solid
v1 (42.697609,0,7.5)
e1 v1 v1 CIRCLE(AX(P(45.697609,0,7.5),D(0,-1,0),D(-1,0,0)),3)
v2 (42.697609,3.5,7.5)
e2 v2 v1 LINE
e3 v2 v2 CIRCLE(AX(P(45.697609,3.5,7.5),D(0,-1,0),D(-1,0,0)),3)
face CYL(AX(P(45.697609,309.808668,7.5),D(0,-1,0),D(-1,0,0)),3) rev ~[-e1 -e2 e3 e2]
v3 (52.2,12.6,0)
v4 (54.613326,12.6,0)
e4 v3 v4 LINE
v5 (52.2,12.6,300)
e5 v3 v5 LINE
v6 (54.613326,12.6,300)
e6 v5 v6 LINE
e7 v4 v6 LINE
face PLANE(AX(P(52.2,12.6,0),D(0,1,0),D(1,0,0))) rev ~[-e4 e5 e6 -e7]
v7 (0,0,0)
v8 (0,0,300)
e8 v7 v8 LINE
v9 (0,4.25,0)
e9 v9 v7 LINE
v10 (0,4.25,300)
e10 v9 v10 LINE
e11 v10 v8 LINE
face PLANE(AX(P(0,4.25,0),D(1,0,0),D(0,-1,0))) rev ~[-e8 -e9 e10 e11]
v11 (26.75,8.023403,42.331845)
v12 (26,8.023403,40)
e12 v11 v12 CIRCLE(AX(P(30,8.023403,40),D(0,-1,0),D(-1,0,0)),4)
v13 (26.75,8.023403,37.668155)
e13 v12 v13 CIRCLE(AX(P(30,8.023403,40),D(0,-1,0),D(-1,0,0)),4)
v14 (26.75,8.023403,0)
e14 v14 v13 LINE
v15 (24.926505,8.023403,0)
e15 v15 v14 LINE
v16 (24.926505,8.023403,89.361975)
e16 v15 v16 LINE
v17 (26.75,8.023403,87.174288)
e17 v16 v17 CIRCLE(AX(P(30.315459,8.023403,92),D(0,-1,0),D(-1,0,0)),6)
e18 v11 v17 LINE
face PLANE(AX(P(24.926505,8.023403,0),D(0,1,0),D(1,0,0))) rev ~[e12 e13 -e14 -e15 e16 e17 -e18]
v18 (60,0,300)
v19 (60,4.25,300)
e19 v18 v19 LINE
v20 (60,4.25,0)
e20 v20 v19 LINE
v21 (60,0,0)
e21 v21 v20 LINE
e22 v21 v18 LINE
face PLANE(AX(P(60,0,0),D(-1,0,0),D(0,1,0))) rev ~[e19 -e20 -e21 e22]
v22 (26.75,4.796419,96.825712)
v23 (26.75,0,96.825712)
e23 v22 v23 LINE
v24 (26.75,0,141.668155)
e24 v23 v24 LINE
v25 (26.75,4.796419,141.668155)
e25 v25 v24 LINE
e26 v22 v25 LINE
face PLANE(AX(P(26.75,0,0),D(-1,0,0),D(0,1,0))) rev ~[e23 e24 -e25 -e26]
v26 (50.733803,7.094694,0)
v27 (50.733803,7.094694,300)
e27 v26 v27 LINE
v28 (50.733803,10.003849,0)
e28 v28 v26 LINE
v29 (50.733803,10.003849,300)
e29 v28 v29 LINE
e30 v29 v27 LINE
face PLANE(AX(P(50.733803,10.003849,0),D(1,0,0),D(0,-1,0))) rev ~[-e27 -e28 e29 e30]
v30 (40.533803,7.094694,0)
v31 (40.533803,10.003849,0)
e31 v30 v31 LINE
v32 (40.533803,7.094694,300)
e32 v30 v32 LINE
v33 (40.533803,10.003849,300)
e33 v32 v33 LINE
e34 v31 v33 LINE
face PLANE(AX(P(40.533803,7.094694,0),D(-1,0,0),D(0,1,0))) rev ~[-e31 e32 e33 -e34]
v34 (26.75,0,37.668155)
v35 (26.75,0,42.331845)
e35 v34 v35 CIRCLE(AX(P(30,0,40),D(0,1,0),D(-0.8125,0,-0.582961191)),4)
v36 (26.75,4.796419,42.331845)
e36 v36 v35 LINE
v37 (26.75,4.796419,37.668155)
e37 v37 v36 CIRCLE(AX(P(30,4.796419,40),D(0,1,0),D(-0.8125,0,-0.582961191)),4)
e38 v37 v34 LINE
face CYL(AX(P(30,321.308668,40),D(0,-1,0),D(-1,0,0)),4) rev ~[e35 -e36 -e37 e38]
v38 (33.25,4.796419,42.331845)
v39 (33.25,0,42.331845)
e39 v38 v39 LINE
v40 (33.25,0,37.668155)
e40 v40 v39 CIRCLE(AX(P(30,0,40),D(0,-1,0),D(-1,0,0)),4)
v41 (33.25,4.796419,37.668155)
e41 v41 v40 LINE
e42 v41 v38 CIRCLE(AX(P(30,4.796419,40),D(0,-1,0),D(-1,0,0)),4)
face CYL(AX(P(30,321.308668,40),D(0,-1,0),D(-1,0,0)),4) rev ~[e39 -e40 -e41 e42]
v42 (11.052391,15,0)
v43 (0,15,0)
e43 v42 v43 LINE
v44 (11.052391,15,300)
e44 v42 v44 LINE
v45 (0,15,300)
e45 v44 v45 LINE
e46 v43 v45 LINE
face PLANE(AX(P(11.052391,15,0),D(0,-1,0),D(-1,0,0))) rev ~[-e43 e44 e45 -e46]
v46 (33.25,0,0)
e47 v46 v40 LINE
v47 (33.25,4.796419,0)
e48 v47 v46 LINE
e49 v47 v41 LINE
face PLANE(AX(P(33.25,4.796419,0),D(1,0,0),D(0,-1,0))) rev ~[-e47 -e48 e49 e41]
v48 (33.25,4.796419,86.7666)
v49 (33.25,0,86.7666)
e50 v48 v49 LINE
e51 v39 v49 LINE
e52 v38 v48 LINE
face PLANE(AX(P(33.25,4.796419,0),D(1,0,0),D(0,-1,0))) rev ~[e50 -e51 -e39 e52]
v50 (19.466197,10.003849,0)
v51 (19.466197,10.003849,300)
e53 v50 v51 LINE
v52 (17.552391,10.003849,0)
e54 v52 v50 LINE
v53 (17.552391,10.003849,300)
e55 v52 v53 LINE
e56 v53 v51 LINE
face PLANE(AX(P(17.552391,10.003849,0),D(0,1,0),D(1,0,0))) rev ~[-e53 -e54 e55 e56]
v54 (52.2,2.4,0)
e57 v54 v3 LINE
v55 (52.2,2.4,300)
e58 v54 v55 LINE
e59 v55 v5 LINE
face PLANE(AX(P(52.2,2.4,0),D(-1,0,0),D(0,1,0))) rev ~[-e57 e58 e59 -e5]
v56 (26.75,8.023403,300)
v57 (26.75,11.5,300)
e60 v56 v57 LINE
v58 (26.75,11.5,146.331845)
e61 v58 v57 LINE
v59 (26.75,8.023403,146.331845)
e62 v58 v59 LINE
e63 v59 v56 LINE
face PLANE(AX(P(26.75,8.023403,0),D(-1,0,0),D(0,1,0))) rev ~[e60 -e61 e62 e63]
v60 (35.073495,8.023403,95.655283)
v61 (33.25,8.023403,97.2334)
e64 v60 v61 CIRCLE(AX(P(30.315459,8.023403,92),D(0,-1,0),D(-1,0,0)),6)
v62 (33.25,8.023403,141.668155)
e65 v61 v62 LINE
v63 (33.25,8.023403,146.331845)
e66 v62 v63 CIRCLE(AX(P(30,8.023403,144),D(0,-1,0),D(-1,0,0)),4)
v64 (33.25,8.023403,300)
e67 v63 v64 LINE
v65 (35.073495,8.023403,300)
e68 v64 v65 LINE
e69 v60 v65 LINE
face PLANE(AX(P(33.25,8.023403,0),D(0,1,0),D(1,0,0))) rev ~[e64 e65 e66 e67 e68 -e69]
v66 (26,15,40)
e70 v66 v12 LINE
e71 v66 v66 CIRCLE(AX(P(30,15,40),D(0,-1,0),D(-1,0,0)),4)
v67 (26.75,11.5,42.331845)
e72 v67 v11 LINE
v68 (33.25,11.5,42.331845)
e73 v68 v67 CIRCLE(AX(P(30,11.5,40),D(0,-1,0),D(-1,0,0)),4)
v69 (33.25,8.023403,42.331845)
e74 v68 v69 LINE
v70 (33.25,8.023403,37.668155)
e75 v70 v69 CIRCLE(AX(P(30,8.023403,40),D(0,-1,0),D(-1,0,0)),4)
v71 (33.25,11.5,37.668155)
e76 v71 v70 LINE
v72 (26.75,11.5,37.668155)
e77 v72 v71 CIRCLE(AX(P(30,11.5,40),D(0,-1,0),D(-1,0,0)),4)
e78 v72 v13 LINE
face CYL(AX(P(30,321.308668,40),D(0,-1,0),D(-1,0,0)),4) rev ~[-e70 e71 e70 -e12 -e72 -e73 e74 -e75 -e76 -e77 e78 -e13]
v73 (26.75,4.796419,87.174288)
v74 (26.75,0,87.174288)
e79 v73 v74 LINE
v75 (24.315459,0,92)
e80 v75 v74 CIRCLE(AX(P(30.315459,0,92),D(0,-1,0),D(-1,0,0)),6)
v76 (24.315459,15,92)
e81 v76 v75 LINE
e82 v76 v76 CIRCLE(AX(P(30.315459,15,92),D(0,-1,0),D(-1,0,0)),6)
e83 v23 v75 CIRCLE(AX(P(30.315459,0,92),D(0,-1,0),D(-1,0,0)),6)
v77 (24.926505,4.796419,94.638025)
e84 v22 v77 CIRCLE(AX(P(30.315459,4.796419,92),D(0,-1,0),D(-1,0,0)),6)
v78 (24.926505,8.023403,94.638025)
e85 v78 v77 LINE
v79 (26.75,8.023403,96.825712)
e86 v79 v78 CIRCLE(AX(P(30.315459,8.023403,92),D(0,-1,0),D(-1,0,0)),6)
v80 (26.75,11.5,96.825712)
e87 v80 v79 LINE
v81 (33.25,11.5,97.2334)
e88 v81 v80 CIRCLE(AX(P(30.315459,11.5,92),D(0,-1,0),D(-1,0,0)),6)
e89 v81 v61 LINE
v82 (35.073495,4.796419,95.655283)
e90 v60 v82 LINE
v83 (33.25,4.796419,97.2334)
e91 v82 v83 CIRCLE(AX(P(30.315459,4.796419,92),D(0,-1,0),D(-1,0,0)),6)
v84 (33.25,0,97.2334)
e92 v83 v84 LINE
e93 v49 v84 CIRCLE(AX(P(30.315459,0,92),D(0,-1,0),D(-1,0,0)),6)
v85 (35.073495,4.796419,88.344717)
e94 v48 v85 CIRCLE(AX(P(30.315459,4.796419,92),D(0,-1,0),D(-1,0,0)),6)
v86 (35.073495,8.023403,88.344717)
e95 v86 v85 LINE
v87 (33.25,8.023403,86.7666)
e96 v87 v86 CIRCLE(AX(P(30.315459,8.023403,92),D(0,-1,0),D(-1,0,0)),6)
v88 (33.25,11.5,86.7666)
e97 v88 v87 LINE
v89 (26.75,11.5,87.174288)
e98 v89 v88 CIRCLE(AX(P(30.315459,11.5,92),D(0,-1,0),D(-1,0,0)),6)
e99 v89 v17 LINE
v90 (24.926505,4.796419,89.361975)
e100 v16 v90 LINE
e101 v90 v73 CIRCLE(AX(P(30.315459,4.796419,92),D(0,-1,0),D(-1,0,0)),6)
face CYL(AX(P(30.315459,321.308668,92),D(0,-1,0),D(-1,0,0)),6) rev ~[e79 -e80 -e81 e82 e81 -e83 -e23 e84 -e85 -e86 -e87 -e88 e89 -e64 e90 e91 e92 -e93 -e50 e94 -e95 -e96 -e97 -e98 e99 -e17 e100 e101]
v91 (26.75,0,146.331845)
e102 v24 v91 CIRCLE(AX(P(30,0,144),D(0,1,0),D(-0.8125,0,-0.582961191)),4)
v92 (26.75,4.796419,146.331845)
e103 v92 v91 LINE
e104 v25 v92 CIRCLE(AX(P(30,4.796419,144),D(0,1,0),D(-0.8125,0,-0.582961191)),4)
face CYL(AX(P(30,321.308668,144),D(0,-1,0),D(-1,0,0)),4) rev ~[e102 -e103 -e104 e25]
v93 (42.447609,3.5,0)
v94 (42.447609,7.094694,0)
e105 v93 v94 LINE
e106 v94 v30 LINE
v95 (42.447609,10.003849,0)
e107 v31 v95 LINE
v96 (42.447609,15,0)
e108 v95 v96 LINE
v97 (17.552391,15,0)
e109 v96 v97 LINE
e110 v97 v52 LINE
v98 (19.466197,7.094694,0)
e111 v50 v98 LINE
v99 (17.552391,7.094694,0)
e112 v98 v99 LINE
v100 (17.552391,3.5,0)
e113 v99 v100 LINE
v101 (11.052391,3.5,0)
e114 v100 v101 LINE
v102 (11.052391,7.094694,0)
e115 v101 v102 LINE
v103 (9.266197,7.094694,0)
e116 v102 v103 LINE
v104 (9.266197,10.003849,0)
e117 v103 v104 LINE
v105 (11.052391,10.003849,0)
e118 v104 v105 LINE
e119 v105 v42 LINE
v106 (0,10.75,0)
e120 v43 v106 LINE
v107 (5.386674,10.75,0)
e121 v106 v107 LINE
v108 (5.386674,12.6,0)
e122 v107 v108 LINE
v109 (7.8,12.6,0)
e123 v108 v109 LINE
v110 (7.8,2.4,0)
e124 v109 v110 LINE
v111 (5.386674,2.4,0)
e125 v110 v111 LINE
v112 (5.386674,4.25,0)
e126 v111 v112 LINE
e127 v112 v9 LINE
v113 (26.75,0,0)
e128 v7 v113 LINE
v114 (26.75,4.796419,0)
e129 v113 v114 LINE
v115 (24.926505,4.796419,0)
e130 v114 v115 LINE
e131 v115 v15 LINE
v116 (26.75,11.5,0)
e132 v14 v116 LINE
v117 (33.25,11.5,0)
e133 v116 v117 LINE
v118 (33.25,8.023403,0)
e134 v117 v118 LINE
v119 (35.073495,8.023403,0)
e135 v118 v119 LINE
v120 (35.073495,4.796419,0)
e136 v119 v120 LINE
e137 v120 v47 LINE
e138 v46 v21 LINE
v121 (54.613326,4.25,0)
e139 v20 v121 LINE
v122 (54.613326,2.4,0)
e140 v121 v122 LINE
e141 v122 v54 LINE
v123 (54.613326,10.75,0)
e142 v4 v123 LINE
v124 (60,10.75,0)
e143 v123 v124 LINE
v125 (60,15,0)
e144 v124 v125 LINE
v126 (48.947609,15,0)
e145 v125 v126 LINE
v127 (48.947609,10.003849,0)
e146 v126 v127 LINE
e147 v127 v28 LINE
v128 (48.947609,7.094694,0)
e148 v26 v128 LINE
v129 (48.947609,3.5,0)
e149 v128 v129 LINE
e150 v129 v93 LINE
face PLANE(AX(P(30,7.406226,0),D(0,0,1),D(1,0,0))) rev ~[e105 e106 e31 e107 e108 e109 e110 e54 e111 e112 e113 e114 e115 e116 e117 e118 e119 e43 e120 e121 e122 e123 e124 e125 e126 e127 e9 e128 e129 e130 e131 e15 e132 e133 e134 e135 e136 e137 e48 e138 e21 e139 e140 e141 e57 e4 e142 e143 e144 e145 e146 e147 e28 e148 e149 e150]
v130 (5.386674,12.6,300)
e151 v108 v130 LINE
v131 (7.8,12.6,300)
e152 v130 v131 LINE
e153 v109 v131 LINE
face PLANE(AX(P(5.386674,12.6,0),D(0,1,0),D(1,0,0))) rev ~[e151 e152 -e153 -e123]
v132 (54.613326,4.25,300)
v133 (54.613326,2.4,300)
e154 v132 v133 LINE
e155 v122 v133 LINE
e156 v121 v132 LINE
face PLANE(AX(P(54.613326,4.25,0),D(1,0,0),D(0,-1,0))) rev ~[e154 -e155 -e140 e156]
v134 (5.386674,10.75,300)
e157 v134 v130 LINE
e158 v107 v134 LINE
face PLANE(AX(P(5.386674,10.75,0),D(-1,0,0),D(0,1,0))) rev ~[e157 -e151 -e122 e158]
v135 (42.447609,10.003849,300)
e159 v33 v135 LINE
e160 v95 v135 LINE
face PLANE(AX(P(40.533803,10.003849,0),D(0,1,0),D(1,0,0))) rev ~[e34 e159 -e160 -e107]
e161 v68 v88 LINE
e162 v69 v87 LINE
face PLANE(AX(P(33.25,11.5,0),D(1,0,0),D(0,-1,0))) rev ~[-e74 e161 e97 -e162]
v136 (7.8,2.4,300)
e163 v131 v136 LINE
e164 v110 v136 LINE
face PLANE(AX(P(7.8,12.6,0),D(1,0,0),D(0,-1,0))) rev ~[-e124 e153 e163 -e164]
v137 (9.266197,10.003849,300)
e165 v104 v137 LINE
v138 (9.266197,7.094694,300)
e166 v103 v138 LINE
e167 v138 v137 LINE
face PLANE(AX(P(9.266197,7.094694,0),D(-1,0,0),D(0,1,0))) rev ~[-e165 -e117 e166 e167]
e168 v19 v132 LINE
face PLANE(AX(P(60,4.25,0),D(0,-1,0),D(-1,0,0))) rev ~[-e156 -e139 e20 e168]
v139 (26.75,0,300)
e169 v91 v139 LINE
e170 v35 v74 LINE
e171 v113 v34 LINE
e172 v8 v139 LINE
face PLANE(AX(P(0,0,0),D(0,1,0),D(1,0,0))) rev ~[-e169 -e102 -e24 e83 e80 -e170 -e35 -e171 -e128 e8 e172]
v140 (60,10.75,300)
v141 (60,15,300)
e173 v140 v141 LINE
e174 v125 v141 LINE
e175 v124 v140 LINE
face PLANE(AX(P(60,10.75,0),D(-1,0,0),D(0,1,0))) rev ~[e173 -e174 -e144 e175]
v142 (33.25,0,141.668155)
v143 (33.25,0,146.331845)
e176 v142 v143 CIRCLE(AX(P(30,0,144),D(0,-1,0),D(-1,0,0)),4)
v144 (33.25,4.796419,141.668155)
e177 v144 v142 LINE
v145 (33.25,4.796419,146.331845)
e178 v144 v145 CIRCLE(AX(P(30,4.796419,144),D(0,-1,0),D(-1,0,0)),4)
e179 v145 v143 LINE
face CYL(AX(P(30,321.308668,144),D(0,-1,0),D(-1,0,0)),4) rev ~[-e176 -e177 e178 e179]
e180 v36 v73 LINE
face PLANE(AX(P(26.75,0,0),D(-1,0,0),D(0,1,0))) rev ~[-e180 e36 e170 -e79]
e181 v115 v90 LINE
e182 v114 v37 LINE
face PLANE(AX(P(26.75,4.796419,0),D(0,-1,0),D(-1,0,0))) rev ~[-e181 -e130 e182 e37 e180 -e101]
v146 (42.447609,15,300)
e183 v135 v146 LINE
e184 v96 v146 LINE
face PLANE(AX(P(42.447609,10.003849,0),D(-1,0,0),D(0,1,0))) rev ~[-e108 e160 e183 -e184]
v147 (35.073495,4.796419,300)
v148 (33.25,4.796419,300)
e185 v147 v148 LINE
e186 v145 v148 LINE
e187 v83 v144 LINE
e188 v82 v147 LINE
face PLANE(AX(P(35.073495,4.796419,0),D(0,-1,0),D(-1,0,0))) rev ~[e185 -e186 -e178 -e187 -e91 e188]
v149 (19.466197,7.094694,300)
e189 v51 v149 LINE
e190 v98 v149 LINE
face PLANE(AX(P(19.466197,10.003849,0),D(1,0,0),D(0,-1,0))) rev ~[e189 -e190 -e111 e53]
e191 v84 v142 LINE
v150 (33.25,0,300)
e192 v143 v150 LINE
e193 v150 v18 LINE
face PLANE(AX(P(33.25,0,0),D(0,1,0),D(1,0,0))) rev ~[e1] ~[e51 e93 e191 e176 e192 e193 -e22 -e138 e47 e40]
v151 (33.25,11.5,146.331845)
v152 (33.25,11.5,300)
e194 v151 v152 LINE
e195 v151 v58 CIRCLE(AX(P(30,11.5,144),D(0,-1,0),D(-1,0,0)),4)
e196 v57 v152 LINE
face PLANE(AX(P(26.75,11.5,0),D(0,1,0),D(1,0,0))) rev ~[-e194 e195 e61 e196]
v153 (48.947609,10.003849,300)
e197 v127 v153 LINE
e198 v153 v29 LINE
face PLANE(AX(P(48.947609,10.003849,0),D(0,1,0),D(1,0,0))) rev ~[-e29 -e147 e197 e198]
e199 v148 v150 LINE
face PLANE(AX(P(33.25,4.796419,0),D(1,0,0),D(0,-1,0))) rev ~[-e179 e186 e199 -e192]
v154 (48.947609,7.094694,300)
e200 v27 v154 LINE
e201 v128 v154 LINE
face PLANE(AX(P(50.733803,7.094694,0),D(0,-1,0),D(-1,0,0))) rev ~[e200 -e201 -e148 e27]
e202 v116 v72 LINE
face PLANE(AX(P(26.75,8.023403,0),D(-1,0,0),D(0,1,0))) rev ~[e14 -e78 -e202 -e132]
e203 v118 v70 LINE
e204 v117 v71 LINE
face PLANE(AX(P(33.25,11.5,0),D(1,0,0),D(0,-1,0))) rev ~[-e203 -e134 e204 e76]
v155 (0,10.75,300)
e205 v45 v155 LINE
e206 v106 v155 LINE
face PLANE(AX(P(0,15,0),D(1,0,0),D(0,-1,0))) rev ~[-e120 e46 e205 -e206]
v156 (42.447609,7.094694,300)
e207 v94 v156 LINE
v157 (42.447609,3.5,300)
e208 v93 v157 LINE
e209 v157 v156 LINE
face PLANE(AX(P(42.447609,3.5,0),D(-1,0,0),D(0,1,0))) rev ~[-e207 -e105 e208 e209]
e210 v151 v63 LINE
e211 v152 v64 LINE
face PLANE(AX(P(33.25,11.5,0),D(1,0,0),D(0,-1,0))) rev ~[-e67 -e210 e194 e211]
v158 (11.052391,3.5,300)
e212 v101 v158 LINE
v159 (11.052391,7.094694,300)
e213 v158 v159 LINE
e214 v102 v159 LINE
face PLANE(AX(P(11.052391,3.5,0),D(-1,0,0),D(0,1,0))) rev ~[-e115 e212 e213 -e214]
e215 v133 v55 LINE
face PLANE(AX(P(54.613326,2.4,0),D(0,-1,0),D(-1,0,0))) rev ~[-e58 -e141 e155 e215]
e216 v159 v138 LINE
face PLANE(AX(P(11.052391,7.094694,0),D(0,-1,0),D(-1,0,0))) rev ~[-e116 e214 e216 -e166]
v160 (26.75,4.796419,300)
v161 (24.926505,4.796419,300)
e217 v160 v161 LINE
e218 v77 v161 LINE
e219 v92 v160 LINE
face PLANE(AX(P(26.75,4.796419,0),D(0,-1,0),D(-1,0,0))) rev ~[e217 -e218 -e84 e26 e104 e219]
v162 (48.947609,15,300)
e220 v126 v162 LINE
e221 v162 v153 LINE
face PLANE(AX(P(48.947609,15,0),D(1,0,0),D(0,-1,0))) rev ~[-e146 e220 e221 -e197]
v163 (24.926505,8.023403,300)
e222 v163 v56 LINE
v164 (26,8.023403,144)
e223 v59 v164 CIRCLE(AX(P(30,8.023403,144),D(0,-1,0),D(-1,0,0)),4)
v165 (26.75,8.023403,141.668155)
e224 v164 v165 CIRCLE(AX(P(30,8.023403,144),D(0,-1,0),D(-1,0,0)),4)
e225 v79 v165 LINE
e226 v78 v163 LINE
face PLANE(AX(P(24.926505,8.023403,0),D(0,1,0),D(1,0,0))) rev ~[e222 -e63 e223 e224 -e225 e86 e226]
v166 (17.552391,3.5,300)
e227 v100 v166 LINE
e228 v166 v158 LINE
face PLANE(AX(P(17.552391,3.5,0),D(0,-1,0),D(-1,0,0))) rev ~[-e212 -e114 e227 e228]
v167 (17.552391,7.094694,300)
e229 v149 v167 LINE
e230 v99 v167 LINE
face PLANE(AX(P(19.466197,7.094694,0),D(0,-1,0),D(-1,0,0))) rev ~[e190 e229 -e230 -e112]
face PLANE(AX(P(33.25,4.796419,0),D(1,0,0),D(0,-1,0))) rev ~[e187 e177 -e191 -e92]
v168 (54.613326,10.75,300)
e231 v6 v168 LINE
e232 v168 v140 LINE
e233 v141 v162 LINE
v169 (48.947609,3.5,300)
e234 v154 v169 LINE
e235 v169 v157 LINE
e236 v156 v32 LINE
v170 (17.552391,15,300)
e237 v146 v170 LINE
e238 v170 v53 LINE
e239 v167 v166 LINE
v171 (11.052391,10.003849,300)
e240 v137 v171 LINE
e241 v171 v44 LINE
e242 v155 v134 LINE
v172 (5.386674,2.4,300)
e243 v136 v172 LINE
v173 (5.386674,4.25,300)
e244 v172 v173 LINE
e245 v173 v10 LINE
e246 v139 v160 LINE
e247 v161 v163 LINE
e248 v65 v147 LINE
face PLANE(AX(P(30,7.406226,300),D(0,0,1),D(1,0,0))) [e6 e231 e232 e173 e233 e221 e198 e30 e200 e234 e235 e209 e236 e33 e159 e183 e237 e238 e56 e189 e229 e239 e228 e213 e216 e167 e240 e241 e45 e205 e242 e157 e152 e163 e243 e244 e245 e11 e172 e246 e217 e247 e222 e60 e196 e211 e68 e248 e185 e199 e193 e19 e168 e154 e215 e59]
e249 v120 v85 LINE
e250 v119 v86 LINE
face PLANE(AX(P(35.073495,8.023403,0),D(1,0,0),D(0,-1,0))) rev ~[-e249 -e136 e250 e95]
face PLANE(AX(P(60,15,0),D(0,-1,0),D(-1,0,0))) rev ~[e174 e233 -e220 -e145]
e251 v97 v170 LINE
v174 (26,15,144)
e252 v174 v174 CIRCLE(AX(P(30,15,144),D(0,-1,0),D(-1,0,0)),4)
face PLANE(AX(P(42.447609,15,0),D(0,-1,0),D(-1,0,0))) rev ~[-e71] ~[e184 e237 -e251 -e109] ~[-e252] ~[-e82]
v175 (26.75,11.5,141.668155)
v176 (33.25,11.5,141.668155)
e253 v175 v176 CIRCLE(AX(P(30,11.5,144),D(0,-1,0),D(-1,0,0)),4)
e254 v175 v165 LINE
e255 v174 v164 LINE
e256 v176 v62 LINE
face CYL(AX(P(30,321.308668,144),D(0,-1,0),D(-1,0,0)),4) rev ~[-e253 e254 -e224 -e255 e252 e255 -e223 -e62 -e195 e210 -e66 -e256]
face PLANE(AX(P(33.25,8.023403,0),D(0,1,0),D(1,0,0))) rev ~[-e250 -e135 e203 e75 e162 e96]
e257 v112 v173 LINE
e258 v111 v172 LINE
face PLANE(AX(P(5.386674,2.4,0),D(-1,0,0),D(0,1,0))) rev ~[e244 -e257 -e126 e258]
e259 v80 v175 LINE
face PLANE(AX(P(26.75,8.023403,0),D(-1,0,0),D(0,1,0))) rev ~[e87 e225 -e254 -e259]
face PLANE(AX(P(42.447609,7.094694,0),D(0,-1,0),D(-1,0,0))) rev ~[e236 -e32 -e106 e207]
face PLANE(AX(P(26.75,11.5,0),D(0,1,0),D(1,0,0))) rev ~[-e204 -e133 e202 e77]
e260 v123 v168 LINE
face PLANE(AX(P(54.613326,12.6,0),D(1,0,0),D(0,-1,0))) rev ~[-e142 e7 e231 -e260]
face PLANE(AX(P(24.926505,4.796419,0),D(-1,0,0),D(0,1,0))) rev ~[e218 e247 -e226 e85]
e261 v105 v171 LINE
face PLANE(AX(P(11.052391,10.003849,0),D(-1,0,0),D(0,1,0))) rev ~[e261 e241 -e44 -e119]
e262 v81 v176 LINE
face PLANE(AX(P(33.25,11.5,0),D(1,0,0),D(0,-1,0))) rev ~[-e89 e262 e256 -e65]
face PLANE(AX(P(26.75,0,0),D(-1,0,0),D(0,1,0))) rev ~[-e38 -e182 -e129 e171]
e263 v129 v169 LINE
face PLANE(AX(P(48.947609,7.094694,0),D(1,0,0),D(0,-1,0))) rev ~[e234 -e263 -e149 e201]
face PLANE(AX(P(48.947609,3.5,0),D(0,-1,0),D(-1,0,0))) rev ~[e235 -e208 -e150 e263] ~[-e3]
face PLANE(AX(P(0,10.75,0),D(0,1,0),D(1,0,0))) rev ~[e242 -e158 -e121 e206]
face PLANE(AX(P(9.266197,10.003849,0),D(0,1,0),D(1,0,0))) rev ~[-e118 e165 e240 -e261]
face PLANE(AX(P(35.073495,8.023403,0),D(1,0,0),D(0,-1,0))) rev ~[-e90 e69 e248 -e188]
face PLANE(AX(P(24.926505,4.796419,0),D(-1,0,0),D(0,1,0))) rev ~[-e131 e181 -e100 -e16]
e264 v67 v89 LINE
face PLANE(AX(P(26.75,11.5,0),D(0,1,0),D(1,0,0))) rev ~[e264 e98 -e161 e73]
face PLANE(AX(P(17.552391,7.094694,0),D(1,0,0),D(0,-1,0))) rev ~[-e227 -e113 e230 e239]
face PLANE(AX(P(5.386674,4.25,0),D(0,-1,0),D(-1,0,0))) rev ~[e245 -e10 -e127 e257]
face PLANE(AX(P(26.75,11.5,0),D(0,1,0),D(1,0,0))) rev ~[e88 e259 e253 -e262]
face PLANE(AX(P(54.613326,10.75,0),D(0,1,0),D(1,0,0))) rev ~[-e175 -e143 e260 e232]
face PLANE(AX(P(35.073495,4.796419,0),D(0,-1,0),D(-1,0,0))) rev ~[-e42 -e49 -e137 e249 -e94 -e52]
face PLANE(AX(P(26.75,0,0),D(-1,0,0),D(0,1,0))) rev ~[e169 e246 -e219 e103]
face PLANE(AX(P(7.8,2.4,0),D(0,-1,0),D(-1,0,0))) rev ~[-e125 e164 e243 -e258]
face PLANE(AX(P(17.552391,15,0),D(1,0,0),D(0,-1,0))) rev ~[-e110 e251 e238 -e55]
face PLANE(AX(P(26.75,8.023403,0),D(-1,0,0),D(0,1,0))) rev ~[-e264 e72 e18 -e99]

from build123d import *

# Parameters (mm, degrees)
EXTRUDE_1_DEPTH         = 300
HOLE_WIZARD_12_0_12_1_D = 12
HOLE_WIZARD_8_0_8_1_D   = 8
HOLE_WIZARD_6_0_6_1_D   = 6


with BuildPart() as part:
    # 草图1 → 凸台-拉伸1 (new body)
    with BuildSketch(Plane.XY):
        Polygon((0, 0), (26.75, 0), (26.75, 4.796419132), (24.926505169, 4.796419132), (24.926505169, 8.023402897), (26.75, 8.023402897), (26.75, 11.5), (30, 11.5), (33.25, 11.5), (33.25, 8.023402897), (35.073494831, 8.023402897), (35.073494831, 4.796419132), (33.25, 4.796419132), (33.25, 0), (60, 0), (60, 4.25), (54.613325713, 4.25), (54.613325713, 2.4), (52.2, 2.4), (52.2, 12.6), (54.613325713, 12.6), (54.613325713, 10.75), (60, 10.75), (60, 15), (48.947608979, 15), (48.947608979, 10.003848618), (50.733802833, 10.003848618), (50.733802833, 7.094693738), (48.947608979, 7.094693738), (48.947608979, 3.5), (42.447608979, 3.5), (42.447608979, 7.094693738), (40.533802833, 7.094693738), (40.533802833, 10.003848618), (42.447608979, 10.003848618), (42.447608979, 15), (30, 15), (17.552391021, 15), (17.552391021, 10.003848618), (19.466197167, 10.003848618), (19.466197167, 7.094693738), (17.552391021, 7.094693738), (17.552391021, 3.5), (11.052391021, 3.5), (11.052391021, 7.094693738), (9.266197167, 7.094693738), (9.266197167, 10.003848618), (11.052391021, 10.003848618), (11.052391021, 15), (0, 15), (0, 10.75), (5.386674287, 10.75), (5.386674287, 12.6), (7.8, 12.6), (7.8, 2.4), (5.386674287, 2.4), (5.386674287, 4.25), (0, 4.25), align=None)
    extrude(amount=EXTRUDE_1_DEPTH)

    # Ø12.0 (12) 直径孔1 (through all)
    with Locations(Plane(origin=(0, 15, 0), x_dir=(1, 0, 0), z_dir=(0, 1, 0))):
        with Locations((30.31545922, -92)):
            Hole(HOLE_WIZARD_12_0_12_1_D / 2)

    # Ø8.0 (8) 直径孔1 (through all)
    with Locations(Plane(origin=(0, 15, 0), x_dir=(1, 0, 0), z_dir=(0, 1, 0))):
        with Locations((30, -40), (30, -144)):
            Hole(HOLE_WIZARD_8_0_8_1_D / 2)

    # Ø6.0 (6) 直径孔1 (through all)
    with Locations(Plane(origin=(0, 3.5, 0), x_dir=(1, 0, 0), z_dir=(0, 1, 0))):
        with Locations((45.697608979, -7.5)):
            Hole(HOLE_WIZARD_6_0_6_1_D / 2)


solid = part.part
